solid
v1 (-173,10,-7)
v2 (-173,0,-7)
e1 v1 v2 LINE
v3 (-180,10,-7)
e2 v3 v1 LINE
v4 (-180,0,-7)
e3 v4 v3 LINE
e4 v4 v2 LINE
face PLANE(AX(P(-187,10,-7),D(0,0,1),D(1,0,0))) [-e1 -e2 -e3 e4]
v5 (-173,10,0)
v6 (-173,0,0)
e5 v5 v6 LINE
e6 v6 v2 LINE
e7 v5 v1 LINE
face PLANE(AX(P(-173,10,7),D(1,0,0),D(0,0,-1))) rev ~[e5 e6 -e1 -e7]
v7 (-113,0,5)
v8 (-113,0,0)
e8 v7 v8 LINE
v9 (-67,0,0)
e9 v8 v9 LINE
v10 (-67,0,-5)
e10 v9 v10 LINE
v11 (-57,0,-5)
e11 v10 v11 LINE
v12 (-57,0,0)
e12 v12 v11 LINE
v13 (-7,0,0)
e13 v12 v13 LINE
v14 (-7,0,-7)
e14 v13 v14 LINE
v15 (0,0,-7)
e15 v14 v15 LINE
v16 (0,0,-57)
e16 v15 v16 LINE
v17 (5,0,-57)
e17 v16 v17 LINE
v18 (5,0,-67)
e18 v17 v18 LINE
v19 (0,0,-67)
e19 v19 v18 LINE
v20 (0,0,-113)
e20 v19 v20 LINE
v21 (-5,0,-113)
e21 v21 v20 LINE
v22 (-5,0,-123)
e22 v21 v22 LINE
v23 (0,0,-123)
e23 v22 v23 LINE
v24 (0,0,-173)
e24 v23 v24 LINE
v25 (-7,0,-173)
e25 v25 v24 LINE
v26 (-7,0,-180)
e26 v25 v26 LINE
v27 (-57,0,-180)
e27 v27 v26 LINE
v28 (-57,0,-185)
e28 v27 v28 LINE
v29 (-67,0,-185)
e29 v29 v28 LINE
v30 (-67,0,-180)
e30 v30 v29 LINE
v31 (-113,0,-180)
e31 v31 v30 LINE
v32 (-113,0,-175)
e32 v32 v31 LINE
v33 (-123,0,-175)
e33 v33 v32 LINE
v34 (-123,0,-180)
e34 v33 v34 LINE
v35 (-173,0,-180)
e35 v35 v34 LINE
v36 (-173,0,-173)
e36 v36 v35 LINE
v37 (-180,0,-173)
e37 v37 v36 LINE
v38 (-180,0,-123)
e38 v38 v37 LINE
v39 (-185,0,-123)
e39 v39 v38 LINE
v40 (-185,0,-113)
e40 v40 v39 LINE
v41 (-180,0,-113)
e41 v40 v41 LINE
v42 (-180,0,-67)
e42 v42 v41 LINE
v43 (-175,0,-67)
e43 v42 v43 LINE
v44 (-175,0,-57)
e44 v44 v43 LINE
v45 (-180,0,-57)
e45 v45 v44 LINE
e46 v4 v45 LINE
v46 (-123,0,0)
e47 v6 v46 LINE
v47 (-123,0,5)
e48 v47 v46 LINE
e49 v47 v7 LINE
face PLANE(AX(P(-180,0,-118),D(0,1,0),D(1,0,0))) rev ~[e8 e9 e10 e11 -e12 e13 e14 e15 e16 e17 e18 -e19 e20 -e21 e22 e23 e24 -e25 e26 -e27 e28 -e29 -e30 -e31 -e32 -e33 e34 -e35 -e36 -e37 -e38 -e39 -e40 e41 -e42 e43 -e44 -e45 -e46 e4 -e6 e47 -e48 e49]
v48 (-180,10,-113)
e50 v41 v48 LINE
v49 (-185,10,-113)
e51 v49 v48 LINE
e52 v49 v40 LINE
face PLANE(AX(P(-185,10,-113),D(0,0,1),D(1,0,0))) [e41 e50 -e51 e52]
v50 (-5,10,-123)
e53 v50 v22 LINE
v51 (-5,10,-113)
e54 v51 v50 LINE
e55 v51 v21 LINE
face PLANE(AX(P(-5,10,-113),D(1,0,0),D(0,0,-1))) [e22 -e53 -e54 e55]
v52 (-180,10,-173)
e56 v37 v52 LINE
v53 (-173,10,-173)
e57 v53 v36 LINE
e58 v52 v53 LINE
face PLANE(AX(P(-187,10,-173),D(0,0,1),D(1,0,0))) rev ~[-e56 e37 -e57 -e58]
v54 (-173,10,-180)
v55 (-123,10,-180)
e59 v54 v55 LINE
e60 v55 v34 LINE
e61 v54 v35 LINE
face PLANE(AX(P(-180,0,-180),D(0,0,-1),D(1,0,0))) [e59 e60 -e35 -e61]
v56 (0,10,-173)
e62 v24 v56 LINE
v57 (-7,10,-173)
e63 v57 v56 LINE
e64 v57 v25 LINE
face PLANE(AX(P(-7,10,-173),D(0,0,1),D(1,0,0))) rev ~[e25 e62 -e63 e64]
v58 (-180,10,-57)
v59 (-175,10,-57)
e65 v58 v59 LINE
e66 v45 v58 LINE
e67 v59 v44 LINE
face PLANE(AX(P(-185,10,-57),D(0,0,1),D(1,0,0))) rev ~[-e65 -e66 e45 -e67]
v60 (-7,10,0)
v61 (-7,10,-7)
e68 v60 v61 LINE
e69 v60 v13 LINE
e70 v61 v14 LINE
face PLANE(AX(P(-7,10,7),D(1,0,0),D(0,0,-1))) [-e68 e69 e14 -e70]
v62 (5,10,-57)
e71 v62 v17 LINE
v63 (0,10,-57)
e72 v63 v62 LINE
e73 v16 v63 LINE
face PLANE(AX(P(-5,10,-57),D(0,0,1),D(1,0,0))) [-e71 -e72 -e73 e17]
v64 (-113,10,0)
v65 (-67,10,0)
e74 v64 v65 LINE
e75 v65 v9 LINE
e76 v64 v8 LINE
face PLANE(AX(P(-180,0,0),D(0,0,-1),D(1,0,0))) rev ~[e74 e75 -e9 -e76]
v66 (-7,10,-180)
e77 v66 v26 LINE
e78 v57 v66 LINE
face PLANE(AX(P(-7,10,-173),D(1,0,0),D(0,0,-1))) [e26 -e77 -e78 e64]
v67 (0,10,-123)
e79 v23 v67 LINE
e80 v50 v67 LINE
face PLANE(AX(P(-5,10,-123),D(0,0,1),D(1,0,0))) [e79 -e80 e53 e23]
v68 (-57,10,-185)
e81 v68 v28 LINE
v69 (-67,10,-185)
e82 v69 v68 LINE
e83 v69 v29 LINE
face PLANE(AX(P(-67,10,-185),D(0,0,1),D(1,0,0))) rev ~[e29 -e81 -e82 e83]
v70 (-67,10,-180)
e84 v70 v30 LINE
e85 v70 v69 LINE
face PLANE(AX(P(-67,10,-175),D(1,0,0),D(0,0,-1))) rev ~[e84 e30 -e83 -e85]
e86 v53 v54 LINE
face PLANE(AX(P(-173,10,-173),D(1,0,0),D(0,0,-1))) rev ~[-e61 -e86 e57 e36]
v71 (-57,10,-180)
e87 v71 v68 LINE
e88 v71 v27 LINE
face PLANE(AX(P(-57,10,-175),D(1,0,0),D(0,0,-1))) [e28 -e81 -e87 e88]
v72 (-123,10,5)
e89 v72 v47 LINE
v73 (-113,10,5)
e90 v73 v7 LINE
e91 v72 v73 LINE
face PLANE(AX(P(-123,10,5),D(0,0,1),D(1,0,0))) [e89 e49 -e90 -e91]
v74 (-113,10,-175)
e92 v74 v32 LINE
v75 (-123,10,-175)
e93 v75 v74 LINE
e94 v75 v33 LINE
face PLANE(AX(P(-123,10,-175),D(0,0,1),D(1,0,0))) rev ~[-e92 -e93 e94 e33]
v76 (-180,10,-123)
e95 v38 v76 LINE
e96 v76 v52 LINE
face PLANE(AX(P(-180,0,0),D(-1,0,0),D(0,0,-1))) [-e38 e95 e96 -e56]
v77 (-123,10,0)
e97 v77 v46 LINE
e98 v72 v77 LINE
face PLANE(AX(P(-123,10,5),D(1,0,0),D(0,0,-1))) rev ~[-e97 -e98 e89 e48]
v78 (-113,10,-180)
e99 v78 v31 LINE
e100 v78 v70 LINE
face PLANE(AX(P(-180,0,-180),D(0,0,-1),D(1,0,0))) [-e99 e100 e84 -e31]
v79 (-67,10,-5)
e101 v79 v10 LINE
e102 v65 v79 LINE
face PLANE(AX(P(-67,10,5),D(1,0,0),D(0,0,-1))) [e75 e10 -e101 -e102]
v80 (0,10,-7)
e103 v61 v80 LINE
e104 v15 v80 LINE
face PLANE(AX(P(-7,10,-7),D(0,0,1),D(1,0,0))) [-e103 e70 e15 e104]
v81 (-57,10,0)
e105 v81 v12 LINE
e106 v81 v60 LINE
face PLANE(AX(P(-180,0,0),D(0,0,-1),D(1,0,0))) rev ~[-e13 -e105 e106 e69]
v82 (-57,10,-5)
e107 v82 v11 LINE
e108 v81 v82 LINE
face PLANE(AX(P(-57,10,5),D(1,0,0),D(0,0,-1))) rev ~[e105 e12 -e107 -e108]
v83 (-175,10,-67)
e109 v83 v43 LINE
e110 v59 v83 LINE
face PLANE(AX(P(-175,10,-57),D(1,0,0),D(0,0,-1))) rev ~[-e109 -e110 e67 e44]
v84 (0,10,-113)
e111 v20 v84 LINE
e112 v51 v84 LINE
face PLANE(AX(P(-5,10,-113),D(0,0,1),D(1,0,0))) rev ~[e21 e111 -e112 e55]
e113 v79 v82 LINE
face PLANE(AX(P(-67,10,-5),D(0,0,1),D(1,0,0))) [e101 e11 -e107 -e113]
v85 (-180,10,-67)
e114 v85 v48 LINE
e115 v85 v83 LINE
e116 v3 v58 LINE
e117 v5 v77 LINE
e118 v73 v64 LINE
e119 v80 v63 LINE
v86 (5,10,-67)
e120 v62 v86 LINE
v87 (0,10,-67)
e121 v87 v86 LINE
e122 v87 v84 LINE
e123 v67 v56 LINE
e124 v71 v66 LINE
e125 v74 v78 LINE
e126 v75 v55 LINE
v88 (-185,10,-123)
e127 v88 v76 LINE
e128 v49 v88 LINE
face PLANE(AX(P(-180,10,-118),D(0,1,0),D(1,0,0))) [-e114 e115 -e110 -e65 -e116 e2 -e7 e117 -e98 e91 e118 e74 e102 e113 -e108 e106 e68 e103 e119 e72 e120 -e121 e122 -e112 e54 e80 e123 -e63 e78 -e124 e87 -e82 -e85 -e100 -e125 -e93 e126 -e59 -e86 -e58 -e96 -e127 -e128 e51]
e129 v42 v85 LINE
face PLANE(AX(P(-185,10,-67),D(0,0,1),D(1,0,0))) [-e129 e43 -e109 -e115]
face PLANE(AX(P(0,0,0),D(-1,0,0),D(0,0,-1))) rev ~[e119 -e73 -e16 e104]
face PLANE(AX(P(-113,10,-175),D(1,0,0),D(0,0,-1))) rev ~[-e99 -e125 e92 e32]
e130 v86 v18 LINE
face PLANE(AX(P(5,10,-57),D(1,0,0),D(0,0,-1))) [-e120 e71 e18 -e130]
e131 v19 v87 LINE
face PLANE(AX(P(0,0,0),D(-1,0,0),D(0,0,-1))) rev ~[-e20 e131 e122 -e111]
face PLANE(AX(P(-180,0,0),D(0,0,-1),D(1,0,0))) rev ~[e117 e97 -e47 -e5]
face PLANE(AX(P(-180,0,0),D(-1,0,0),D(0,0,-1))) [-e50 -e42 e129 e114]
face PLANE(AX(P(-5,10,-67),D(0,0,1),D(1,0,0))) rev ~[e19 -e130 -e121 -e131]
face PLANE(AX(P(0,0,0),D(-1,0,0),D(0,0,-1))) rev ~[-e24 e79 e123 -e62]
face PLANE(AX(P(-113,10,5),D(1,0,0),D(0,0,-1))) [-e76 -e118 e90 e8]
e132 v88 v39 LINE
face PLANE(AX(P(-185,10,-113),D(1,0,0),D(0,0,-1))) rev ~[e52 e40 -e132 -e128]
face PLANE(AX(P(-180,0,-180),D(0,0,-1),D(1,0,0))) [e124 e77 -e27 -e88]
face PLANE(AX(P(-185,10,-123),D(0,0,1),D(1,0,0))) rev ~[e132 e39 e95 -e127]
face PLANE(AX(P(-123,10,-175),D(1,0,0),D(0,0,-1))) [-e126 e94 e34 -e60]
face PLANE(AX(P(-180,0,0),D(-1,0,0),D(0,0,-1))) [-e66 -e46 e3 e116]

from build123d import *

# Parameters (mm, degrees)
SKETCH2_W           = 180
SKETCH2_H           = 180
BOSS_EXTRUDE1_DEPTH = 10
SKETCH9_W           = 14
SKETCH9_H           = 14
CUT_EXTRUDE2_DEPTH  = 10
SKETCH10_W          = 10
SKETCH10_H          = 10
BOSS_EXTRUDE2_DEPTH = 10
SKETCH11_W          = 10
SKETCH11_H          = 10
CUT_EXTRUDE3_DEPTH  = 10


with BuildPart() as part:
    # Sketch2 → Boss-Extrude1 (new body)
    with BuildSketch(Plane(origin=(0, 0, 0), x_dir=(1, 0, 0), z_dir=(0, 1, 0))):
        with Locations((-90, 90)):
            Rectangle(SKETCH2_W, SKETCH2_H)
    extrude(amount=BOSS_EXTRUDE1_DEPTH)

    # Sketch9 → Cut-Extrude2 (cut)
    with BuildSketch(Plane(origin=(0, 10, 0), x_dir=(1, 0, 0), z_dir=(0, 1, 0))):
        Rectangle(SKETCH9_W, SKETCH9_H)
        with Locations((-180, 0)):
            Rectangle(SKETCH9_W, SKETCH9_H)
        with Locations((-180, 180)):
            Rectangle(SKETCH9_W, SKETCH9_H)
        with Locations((0, 180)):
            Rectangle(SKETCH9_W, SKETCH9_H)
    extrude(amount=-CUT_EXTRUDE2_DEPTH, mode=Mode.SUBTRACT)

    # Sketch10 → Boss-Extrude2 (add)
    with BuildSketch(Plane(origin=(0, 10, 0), x_dir=(1, 0, 0), z_dir=(0, 1, 0))):
        with Locations((-180, 118)):
            Rectangle(SKETCH10_W, SKETCH10_H)
        with Locations((0, 62)):
            Rectangle(SKETCH10_W, SKETCH10_H)
        with Locations((-118, 0)):
            Rectangle(SKETCH10_W, SKETCH10_H)
        with Locations((-62, 180)):
            Rectangle(SKETCH10_W, SKETCH10_H)
    extrude(amount=-BOSS_EXTRUDE2_DEPTH)

    # Sketch11 → Cut-Extrude3 (cut)
    with BuildSketch(Plane(origin=(0, 10, 10), x_dir=(1, 0, 0), z_dir=(0, 1, 0))):
        with Locations((-180, 72)):
            Rectangle(SKETCH11_W, SKETCH11_H)
        with Locations((-62, 10)):
            Rectangle(SKETCH11_W, SKETCH11_H)
        with Locations((-118, 190)):
            Rectangle(SKETCH11_W, SKETCH11_H)
        with Locations((0, 128)):
            Rectangle(SKETCH11_W, SKETCH11_H)
    extrude(amount=-CUT_EXTRUDE3_DEPTH, mode=Mode.SUBTRACT)


solid = part.part
